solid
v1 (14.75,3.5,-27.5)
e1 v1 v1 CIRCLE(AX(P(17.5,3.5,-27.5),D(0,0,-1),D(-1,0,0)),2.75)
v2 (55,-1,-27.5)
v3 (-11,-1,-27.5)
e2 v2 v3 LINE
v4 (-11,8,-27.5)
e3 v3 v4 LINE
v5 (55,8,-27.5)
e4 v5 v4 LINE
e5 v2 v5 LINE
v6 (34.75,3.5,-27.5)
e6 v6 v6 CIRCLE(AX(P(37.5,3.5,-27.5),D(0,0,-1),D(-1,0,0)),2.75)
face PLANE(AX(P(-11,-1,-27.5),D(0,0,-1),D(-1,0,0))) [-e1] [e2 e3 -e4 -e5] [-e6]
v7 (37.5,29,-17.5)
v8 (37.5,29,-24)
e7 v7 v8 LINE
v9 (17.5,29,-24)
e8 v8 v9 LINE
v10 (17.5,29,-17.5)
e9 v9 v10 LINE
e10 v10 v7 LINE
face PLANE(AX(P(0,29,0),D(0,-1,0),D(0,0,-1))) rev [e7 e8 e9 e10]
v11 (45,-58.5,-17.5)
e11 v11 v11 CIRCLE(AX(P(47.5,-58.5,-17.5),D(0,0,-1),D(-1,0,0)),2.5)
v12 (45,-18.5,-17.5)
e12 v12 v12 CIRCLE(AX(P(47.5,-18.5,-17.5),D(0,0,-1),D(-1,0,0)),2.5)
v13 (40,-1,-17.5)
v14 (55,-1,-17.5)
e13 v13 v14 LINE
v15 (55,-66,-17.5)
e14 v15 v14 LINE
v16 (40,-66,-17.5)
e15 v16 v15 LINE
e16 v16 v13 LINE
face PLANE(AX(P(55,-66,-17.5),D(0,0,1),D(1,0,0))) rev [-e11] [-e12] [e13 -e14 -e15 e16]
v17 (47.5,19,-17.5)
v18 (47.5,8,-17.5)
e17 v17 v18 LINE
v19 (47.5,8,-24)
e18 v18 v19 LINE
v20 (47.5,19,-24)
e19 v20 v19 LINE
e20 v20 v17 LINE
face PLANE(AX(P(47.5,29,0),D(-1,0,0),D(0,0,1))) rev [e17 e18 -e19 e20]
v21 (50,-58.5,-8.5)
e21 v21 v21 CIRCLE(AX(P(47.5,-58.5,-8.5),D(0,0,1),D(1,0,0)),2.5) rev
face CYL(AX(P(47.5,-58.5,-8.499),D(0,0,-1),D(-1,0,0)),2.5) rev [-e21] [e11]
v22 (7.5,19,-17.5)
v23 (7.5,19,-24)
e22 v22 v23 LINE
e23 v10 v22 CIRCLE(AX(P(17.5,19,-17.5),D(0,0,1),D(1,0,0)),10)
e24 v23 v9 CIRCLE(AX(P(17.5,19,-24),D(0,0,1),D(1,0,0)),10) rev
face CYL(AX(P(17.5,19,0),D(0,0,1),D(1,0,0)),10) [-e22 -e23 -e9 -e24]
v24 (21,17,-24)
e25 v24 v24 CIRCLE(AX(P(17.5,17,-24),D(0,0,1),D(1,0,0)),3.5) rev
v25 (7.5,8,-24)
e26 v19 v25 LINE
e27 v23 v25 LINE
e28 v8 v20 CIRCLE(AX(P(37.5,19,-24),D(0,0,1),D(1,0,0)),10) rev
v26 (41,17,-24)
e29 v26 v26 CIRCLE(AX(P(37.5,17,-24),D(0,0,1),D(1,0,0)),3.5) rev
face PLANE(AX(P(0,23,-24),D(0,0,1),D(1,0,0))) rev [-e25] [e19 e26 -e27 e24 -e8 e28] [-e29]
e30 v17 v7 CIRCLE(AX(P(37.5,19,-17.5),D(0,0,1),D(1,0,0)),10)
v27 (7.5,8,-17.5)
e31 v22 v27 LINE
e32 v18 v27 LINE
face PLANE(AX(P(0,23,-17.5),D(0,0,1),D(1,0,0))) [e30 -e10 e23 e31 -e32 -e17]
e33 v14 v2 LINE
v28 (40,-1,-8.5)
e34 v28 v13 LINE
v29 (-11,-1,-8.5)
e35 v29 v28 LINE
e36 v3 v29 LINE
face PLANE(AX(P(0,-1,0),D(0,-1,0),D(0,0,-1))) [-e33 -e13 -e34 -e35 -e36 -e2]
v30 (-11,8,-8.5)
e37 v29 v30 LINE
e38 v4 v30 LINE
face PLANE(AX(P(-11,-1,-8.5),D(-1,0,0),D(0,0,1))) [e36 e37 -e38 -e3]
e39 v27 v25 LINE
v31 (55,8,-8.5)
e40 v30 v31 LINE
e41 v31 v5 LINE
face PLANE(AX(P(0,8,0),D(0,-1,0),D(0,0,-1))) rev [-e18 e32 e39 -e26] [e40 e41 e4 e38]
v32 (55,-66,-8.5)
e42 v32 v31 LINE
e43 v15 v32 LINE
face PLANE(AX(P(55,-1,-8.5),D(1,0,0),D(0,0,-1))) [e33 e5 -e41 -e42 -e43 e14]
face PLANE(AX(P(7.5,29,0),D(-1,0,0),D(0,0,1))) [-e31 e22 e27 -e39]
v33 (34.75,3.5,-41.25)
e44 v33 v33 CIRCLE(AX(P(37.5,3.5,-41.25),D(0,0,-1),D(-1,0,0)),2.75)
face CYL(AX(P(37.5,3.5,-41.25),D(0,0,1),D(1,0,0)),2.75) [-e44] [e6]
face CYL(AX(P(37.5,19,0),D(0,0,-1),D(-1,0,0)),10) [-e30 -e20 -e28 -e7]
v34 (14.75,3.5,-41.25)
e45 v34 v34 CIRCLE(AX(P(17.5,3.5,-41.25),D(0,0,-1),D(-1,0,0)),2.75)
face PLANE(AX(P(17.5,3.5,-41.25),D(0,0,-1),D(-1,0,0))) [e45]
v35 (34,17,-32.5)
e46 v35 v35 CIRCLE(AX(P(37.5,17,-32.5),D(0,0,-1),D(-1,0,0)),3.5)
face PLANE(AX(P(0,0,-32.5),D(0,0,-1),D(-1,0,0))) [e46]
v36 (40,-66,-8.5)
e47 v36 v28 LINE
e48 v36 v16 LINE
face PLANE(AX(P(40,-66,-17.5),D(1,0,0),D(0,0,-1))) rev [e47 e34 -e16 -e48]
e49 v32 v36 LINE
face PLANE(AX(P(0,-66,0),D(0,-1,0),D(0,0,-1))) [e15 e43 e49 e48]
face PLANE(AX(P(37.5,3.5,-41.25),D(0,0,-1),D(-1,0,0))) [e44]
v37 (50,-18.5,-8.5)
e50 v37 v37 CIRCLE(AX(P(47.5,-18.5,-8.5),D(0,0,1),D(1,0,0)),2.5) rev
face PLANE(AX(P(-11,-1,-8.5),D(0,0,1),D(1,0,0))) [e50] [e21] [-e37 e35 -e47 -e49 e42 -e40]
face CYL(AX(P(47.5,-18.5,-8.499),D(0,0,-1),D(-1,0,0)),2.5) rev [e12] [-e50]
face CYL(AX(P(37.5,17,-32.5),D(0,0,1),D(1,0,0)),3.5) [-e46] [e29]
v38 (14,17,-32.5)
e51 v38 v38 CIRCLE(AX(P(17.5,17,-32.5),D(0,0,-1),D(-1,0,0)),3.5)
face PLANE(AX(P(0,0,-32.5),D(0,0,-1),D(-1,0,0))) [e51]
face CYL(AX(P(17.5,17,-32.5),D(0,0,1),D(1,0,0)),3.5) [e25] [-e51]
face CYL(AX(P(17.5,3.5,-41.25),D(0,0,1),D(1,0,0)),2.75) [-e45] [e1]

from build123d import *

# Parameters (mm, degrees)
BOSS_EXTRUDE2_DEPTH      = 8
BOSS_EXTRUDE2_DEPTH_BACK = 1
SKETCH1_W                = 66
SKETCH1_H                = 19
SKETCH3_R                = 2.75
BOSS_EXTRUDE3_DEPTH      = 13.75
SKETCH4_W                = 4.5
SKETCH4_H                = 6.5
BOSS_EXTRUDE4_DEPTH      = 15
BOSS_EXTRUDE5_DEPTH      = 8.5
SKETCH8_W                = 9
SKETCH8_H                = 6.5
BOSS_EXTRUDE6_DEPTH      = 6
SKETCH9_W                = 15.5
SKETCH9_H                = 6.5
BOSS_EXTRUDE7_DEPTH      = 21
BOSS_EXTRUDE8_DEPTH      = 8.5
CUT_EXTRUDE2_START       = -8.5
SKETCH12_R               = 3.5
CUT_EXTRUDE2_DEPTH       = 8.5
FILLET1_R                = 10
SKETCH14_W               = 15
SKETCH14_H               = 9
BOSS_EXTRUDE10_DEPTH     = 65
CUT_EXTRUDE3_REACH       = 91.135
SKETCH15_R               = 2.5


with BuildPart() as part:
    # Sketch1 → Boss-Extrude2 (new, two sides: drawn at the far end of the back side and taken through both)
    with BuildSketch(Plane(origin=(0, 0, 0), x_dir=(1, 0, 0), z_dir=(0, 1, 0)).offset(-BOSS_EXTRUDE2_DEPTH_BACK)):
        with Locations((22, 18)):
            Rectangle(SKETCH1_W, SKETCH1_H)
    extrude(amount=BOSS_EXTRUDE2_DEPTH + BOSS_EXTRUDE2_DEPTH_BACK)

    # Sketch3 → Boss-Extrude3 (add)
    with BuildSketch(Plane(origin=(0, 0, -27.5), x_dir=(-1, 0, 0), z_dir=(0, 0, -1))):
        with Locations((-37.5, 3.5)):
            Circle(SKETCH3_R)
        with Locations((-17.5, 3.5)):
            Circle(SKETCH3_R)
    extrude(amount=BOSS_EXTRUDE3_DEPTH)

    # Sketch4 → Boss-Extrude4 (add)
    with BuildSketch(Plane(origin=(0, 8, 0), x_dir=(1, 0, 0), z_dir=(0, 1, 0))):
        with Locations((25.25, 20.75)):
            Rectangle(SKETCH4_W, SKETCH4_H)
        with Locations((29.75, 20.75)):
            Rectangle(SKETCH4_W, SKETCH4_H)
    extrude(amount=BOSS_EXTRUDE4_DEPTH)

    # Sketch5 → Boss-Extrude5 (add)
    with BuildSketch(Plane(origin=(0, 0, -24), x_dir=(-1, 0, 0), z_dir=(0, 0, -1))):
        with BuildLine():
            ThreePointArc((-25.636419782, 13.037388184), (-24.436298745, 14.307742745), (-24, 16))
            ThreePointArc((-24, 16), (-29.974873734, 18.474873734), (-27.5, 12.5))
            ThreePointArc((-27.5, 12.5), (-26.685966178, 12.595980474), (-25.916578842, 12.878657751))
            ThreePointArc((-25.916578842, 12.878657751), (-25.85405917, 13.094916041), (-25.636419782, 13.037388184))
        make_face()
    extrude(amount=BOSS_EXTRUDE5_DEPTH)

    # Sketch8 → Boss-Extrude6 (add)
    with BuildSketch(Plane(origin=(0, 23, 0), x_dir=(1, 0, 0), z_dir=(0, 1, 0))):
        with Locations((27.5, 20.75)):
            Rectangle(SKETCH8_W, SKETCH8_H)
    extrude(amount=BOSS_EXTRUDE6_DEPTH)

    # Sketch9 → Boss-Extrude7 (add)
    with BuildSketch(Plane(origin=(0, 8, 0), x_dir=(1, 0, 0), z_dir=(0, 1, 0))):
        with Locations((15.25, 20.75)):
            Rectangle(SKETCH9_W, SKETCH9_H)
        with Locations((39.75, 20.75)):
            Rectangle(SKETCH9_W, SKETCH9_H)
    extrude(amount=BOSS_EXTRUDE7_DEPTH)

    # Sketch10 → Boss-Extrude8 (add)
    with BuildSketch(Plane(origin=(0, 0, -24), x_dir=(-1, 0, 0), z_dir=(0, 0, -1))):
        with BuildLine():
            Line((-21, 17), (-17.5, 17))
            Line((-17.5, 17), (-14, 17))
            ThreePointArc((-14, 17), (-17.5, 20.5), (-21, 17))
        make_face()
        with BuildLine():
            Line((-17.5, 13.5), (-17.5, 17))
            Line((-17.5, 17), (-21, 17))
            ThreePointArc((-21, 17), (-19.974873734, 14.525126266), (-17.5, 13.5))
        make_face()
        with BuildLine():
            Line((-14, 17), (-17.5, 17))
            Line((-17.5, 17), (-17.5, 13.5))
            ThreePointArc((-17.5, 13.5), (-15.025126266, 14.525126266), (-14, 17))
        make_face()
        with BuildLine():
            Line((-37.5, 17), (-34, 17))
            ThreePointArc((-34, 17), (-37.5, 20.5), (-41, 17))
            Line((-41, 17), (-37.5, 17))
        make_face()
        with BuildLine():
            ThreePointArc((-37.5, 13.5), (-35.025126266, 14.525126266), (-34, 17))
            Line((-34, 17), (-37.5, 17))
            Line((-37.5, 17), (-37.5, 13.5))
        make_face()
        with BuildLine():
            Line((-37.5, 13.5), (-37.5, 17))
            Line((-37.5, 17), (-41, 17))
            ThreePointArc((-41, 17), (-39.974873734, 14.525126266), (-37.5, 13.5))
        make_face()
    extrude(amount=BOSS_EXTRUDE8_DEPTH)

    # Sketch12 → Cut-Extrude2 (cut)
    with BuildSketch(Plane(origin=(0, 0, -32.5), x_dir=(-1, 0, 0), z_dir=(0, 0, -1)).offset(CUT_EXTRUDE2_START)):
        with Locations((-27.5, 16)):
            Circle(SKETCH12_R)
    extrude(amount=CUT_EXTRUDE2_DEPTH, mode=Mode.SUBTRACT)

    # Fillet1
    fillet1_edges = [part.edges().sort_by_distance(p)[0] for p in [
        (7.5, 29, -20.75),
        (47.5, 29, -20.75),
    ]]
    fillet(fillet1_edges, radius=FILLET1_R)

    # Sketch14 → Boss-Extrude10 (add)
    with BuildSketch(Plane.XZ.offset(1)):
        with Locations((47.5, -13)):
            Rectangle(SKETCH14_W, SKETCH14_H)
    extrude(amount=BOSS_EXTRUDE10_DEPTH)

    # Sketch15 → Cut-Extrude3 (cut, up to next)
    with BuildSketch(Plane(origin=(0, 0, -17.5), x_dir=(-1, 0, 0), z_dir=(0, 0, -1)), mode=Mode.PRIVATE) as cut_extrude3_sk1:
        with Locations((-47.5, -58.5)):
            Circle(SKETCH15_R)
    cut_extrude3_tool1 = extrude(cut_extrude3_sk1.sketch, amount=-CUT_EXTRUDE3_REACH, mode=Mode.PRIVATE) & part.part
    # Sketch15 → Cut-Extrude3 (cut, up to next)
    with BuildSketch(Plane(origin=(0, 0, -17.5), x_dir=(-1, 0, 0), z_dir=(0, 0, -1)), mode=Mode.PRIVATE) as cut_extrude3_sk2:
        with Locations((-47.5, -18.5)):
            Circle(SKETCH15_R)
    cut_extrude3_tool2 = extrude(cut_extrude3_sk2.sketch, amount=-CUT_EXTRUDE3_REACH, mode=Mode.PRIVATE) & part.part
    add(cut_extrude3_tool1.solids().sort_by_distance((47.5, -58.5, -17.5))[0], mode=Mode.SUBTRACT)
    add(cut_extrude3_tool2.solids().sort_by_distance((47.5, -18.5, -17.5))[0], mode=Mode.SUBTRACT)


solid = part.part
